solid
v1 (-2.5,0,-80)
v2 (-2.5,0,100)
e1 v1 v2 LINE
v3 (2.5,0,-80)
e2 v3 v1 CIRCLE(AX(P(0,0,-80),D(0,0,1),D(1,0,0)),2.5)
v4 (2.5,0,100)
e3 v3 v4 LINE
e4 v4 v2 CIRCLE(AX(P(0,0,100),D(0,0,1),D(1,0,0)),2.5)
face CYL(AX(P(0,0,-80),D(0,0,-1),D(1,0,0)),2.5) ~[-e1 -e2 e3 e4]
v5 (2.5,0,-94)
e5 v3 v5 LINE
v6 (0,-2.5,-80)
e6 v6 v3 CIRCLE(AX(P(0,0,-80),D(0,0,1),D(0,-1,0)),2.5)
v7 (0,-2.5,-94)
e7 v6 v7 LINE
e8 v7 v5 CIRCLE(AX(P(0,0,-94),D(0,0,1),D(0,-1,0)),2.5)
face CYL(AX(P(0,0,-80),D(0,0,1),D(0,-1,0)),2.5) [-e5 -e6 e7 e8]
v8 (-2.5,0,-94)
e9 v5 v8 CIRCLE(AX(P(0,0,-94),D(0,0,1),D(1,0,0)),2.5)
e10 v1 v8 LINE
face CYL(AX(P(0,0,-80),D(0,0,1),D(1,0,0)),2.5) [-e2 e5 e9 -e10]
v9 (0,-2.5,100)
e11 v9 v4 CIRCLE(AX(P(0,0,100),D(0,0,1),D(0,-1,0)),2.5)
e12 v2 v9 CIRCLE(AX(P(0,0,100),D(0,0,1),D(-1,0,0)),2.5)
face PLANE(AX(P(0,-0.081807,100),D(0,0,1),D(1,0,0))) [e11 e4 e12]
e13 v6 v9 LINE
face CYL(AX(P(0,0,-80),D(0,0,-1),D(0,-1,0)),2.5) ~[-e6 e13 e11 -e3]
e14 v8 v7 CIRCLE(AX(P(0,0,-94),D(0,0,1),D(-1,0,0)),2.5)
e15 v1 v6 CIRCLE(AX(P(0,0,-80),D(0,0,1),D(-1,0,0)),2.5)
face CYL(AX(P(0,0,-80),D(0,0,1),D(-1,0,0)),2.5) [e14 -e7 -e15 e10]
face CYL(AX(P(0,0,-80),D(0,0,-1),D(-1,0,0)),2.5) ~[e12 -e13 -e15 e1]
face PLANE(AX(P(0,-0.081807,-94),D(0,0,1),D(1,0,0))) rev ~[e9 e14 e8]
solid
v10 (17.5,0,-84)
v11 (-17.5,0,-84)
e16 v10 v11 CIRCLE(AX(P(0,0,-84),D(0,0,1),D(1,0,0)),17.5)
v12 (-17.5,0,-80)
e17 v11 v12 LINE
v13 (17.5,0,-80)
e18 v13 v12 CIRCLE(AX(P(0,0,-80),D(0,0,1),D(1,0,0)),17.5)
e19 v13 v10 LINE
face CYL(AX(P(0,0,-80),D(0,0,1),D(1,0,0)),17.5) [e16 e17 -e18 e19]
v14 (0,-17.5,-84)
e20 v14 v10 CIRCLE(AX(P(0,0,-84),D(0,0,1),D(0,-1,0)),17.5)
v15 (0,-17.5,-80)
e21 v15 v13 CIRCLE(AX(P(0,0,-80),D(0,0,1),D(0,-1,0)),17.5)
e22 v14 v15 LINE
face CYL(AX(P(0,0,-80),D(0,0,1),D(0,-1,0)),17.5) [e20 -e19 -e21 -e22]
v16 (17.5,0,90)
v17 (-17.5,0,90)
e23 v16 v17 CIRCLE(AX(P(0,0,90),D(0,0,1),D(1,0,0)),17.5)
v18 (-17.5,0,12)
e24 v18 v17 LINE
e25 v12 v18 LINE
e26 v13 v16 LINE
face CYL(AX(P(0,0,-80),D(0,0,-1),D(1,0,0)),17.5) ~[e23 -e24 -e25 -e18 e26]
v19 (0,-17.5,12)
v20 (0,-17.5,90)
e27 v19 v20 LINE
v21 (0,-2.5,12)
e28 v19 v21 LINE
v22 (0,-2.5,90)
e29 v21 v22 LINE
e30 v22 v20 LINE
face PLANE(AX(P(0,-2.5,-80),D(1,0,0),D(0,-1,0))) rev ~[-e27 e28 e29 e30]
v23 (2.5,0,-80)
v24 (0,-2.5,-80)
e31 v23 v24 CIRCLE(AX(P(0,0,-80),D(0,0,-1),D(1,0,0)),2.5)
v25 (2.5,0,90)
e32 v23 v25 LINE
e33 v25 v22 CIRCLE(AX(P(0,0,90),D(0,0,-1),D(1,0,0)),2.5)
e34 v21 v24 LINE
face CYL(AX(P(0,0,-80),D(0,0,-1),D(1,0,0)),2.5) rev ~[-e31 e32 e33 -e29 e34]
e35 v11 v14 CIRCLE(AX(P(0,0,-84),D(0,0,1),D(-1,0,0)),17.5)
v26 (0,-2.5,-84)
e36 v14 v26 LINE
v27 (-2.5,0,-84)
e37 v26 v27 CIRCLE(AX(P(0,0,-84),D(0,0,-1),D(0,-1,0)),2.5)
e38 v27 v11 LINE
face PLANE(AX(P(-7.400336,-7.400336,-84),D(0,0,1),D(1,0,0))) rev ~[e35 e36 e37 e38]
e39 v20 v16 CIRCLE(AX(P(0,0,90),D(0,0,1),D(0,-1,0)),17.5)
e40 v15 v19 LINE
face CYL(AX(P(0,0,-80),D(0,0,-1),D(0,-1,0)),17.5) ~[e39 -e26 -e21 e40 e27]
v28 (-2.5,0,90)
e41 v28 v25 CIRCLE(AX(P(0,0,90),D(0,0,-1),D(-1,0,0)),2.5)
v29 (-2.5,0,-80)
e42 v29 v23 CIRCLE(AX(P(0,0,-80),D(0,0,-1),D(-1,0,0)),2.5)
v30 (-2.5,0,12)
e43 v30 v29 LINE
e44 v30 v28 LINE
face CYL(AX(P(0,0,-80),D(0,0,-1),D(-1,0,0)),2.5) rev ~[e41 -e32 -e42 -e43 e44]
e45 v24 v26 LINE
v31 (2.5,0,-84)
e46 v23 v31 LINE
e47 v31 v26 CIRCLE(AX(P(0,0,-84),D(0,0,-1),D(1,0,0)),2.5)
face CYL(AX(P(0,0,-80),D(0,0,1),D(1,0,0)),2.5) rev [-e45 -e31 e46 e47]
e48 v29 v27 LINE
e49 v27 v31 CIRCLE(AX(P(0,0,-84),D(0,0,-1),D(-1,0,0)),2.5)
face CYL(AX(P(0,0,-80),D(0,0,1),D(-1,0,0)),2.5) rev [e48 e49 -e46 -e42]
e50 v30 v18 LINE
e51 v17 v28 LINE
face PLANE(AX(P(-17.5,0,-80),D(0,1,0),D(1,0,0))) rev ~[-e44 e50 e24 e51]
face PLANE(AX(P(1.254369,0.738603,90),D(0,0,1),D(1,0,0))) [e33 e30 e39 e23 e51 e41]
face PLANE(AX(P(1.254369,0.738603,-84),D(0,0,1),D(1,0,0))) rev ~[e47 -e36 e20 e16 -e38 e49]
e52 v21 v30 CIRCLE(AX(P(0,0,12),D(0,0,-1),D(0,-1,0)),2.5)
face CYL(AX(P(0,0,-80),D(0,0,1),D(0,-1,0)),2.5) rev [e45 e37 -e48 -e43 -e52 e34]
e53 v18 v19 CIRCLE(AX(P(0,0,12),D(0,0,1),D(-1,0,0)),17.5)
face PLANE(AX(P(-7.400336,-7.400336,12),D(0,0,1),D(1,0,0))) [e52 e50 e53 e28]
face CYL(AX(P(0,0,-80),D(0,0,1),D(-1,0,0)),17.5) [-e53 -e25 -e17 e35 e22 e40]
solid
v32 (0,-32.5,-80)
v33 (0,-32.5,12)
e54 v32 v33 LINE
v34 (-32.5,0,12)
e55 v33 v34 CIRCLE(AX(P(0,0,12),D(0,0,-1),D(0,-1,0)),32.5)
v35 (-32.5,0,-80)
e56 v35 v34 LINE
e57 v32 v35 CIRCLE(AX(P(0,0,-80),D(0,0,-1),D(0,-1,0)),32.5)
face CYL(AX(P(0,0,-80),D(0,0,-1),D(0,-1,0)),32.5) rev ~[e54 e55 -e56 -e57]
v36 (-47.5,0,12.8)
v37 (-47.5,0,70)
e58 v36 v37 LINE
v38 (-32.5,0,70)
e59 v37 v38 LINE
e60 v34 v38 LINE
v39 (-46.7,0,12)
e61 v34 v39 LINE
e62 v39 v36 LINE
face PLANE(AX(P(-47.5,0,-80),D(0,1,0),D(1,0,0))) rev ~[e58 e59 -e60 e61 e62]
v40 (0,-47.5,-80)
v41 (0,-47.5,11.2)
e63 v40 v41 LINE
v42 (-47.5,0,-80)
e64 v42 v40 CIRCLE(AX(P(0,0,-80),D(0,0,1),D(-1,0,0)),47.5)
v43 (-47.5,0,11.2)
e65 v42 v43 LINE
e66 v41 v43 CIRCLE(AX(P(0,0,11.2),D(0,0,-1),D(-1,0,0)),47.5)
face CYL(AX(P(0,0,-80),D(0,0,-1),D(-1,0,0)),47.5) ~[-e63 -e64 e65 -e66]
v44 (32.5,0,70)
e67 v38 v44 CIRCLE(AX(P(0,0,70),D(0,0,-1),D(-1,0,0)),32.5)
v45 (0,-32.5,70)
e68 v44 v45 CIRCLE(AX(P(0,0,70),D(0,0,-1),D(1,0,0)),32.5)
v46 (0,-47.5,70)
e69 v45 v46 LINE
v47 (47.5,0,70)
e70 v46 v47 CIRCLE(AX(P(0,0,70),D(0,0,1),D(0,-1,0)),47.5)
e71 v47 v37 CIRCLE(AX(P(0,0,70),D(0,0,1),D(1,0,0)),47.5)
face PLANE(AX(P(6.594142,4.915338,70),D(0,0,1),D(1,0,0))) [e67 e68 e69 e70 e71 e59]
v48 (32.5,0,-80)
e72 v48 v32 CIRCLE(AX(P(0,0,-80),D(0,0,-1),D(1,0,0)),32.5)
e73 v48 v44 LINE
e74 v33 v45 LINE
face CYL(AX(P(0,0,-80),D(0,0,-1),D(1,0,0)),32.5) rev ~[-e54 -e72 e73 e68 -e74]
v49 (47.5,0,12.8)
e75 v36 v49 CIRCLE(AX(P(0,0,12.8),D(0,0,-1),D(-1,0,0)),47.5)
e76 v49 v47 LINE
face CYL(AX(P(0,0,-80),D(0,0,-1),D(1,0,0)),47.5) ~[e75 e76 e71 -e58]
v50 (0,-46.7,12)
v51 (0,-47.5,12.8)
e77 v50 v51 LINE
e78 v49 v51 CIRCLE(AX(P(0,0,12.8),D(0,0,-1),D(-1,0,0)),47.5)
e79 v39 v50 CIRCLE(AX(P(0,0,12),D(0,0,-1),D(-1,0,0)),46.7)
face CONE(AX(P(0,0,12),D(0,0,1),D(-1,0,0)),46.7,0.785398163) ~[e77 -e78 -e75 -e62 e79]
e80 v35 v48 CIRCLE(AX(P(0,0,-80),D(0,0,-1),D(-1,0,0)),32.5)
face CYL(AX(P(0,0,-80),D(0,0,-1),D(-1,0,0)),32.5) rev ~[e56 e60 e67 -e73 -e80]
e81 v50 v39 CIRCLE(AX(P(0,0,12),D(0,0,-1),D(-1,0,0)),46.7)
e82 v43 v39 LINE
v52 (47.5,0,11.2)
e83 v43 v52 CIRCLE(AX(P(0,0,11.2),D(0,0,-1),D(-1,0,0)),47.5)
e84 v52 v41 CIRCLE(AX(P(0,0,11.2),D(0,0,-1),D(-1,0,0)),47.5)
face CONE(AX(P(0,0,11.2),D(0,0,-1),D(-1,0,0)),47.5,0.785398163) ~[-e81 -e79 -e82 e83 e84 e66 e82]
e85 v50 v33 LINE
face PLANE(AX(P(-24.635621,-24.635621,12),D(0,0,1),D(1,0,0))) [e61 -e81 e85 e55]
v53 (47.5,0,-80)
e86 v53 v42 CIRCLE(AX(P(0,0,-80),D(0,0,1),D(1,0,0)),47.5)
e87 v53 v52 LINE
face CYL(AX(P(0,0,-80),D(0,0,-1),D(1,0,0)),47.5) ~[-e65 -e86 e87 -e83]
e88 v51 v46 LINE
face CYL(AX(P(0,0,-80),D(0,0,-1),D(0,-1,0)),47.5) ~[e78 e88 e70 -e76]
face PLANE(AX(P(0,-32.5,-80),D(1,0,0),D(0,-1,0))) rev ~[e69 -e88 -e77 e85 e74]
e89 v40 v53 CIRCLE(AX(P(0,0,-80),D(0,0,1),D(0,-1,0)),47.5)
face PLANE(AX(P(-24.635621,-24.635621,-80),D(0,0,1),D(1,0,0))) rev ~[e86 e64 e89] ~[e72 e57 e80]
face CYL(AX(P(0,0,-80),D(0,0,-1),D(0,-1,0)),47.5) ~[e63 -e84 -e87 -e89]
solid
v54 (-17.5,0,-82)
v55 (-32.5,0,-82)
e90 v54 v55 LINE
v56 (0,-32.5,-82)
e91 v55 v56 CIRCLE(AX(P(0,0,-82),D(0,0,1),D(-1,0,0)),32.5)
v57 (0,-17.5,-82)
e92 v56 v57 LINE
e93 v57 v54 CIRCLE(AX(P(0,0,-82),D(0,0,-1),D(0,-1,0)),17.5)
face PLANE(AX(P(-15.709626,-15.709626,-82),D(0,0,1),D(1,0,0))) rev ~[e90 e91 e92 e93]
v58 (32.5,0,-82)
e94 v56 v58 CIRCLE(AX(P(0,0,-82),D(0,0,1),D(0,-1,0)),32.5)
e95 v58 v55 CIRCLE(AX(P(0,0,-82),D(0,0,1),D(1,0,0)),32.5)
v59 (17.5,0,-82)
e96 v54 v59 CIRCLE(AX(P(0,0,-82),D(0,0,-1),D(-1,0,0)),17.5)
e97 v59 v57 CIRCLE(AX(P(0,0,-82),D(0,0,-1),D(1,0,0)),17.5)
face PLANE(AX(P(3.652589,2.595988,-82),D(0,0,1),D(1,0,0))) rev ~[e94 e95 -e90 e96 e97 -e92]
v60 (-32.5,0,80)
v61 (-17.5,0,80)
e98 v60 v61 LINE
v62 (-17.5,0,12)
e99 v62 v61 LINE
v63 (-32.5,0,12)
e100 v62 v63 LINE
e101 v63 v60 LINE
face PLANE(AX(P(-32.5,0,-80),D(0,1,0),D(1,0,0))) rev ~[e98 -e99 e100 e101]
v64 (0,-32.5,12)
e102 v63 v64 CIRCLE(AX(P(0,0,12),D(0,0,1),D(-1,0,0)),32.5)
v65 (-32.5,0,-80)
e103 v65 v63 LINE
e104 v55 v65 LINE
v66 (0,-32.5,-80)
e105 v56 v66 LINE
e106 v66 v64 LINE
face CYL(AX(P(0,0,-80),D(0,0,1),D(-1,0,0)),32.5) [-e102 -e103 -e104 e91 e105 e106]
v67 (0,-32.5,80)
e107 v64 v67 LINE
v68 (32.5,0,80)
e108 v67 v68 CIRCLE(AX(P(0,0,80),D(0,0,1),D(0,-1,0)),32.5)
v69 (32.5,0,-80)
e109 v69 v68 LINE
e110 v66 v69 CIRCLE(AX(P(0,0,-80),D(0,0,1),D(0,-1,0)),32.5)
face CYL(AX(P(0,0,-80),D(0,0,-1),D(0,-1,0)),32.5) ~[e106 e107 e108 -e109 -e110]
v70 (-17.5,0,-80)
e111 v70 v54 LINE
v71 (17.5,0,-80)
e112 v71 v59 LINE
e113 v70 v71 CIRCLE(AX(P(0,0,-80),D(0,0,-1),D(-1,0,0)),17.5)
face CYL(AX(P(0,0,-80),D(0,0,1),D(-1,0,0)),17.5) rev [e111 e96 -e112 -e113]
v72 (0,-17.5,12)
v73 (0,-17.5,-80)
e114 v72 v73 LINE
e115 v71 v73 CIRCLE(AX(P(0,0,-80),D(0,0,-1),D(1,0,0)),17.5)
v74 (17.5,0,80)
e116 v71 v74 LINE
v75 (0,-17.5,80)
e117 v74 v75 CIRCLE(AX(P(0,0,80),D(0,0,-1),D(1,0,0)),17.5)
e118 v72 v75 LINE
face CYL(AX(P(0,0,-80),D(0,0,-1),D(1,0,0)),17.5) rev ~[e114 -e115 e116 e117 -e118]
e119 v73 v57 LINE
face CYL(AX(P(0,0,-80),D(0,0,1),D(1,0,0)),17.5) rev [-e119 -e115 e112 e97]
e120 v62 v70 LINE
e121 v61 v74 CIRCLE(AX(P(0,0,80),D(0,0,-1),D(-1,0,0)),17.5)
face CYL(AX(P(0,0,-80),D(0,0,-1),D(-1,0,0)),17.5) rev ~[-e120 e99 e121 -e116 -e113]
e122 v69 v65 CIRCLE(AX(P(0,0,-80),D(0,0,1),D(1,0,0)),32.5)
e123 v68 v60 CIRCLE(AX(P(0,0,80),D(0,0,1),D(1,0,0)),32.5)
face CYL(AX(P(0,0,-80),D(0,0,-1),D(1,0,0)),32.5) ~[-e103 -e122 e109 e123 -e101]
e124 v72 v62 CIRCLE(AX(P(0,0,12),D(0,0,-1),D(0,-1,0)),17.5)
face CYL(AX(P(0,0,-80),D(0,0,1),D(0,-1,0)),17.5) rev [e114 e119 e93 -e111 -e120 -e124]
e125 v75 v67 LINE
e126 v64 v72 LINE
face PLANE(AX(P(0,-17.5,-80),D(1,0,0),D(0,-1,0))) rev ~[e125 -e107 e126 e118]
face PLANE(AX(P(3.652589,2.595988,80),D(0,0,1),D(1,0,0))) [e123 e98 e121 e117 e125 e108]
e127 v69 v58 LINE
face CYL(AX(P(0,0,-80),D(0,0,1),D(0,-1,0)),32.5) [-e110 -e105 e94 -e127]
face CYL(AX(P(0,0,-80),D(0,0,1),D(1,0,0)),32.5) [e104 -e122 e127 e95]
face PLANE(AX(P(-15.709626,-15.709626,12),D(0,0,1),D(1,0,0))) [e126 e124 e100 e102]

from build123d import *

# Parameters (mm, degrees)
F7_DEPTH       = 150
F8_DEPTH       = 92
F9_DEPTH       = 92
F9_DEPTH_BACK  = 2
F10_DEPTH      = 160
F10_DEPTH_BACK = 2
F11_DEPTH      = 92
F11_DEPTH_BACK = 4
F12_DEPTH      = 170
F12_DEPTH_BACK = 4
F13_DEPTH      = 180
F13_DEPTH_BACK = 14


with BuildPart() as f7:
    # F1 (on offset) → F7 (new body, through all)
    with BuildSketch(Plane.XY.offset(-80)):
        with BuildLine():
            ThreePointArc((0, -47.5), (33.5875721064, -33.5875721064), (47.5, 0))
            ThreePointArc((47.5, 0), (0, 47.5), (-47.5, 0))
            Line((-47.5, 0), (-32.5, 0))
            ThreePointArc((-32.5, 0), (0, 32.5), (32.5, 0))
            ThreePointArc((32.5, 0), (22.9809703886, -22.9809703886), (0, -32.5))
            Line((0, -32.5), (0, -47.5))
        make_face()
    extrude(amount=F7_DEPTH)

    # F1 (on offset) → F8 (join, through all)
    with BuildSketch(Plane.XY.offset(-80)):
        with BuildLine():
            Line((-32.5, 0), (-47.5, 0))
            ThreePointArc((-47.5, 0), (-33.5875721064, -33.5875721064), (0, -47.5))
            Line((0, -47.5), (0, -32.5))
            ThreePointArc((0, -32.5), (-22.9809703886, -22.9809703886), (-32.5, 0))
        make_face()
    extrude(amount=F8_DEPTH)

    # F14 (on face) → F15 (revolve, cut)
    with BuildSketch(Plane.XZ):
        Polygon((-46.7, 12), (-47.5, 12.8), (-47.5, 12), (-47.5, 11.2), align=None)
    revolve(axis=Axis((0, 0, -80), (0, 0, -1)), mode=Mode.SUBTRACT)


with BuildPart() as f9:
    # F1 (on offset) → F9 (new body, two sides)
    with BuildSketch(Plane.XY.offset(-80)) as f9_sk:
        with BuildLine():
            Line((-17.5, 0), (-32.5, 0))
            ThreePointArc((-32.5, 0), (-22.9809703886, -22.9809703886), (0, -32.5))
            Line((0, -32.5), (0, -17.5))
            ThreePointArc((0, -17.5), (-12.3743686708, -12.3743686708), (-17.5, 0))
        make_face()
    extrude(amount=F9_DEPTH)
    extrude(f9_sk.sketch, amount=-F9_DEPTH_BACK)

    # F1 (on offset) → F10 (join, two sides)
    with BuildSketch(Plane.XY.offset(-80)) as f10_sk:
        with BuildLine():
            ThreePointArc((32.5, 0), (0, 32.5), (-32.5, 0))
            Line((-32.5, 0), (-17.5, 0))
            ThreePointArc((-17.5, 0), (0, 17.5), (17.5, 0))
            ThreePointArc((17.5, 0), (12.3743686708, -12.3743686708), (0, -17.5))
            Line((0, -17.5), (0, -32.5))
            ThreePointArc((0, -32.5), (22.9809703886, -22.9809703886), (32.5, 0))
        make_face()
    extrude(amount=F10_DEPTH)
    extrude(f10_sk.sketch, amount=-F10_DEPTH_BACK)


with BuildPart() as f11:
    # F1 (on offset) → F11 (new body, two sides)
    with BuildSketch(Plane.XY.offset(-80)) as f11_sk:
        with BuildLine():
            Line((-2.5, 0), (-17.5, 0))
            ThreePointArc((-17.5, 0), (-12.3743686708, -12.3743686708), (0, -17.5))
            Line((0, -17.5), (0, -2.5))
            ThreePointArc((0, -2.5), (-1.767766953, -1.767766953), (-2.5, 0))
        make_face()
    extrude(amount=F11_DEPTH)
    extrude(f11_sk.sketch, amount=-F11_DEPTH_BACK)

    # F1 (on offset) → F12 (join, two sides)
    with BuildSketch(Plane.XY.offset(-80)) as f12_sk:
        with BuildLine():
            ThreePointArc((17.5, 0), (0, 17.5), (-17.5, 0))
            Line((-17.5, 0), (-2.5, 0))
            ThreePointArc((-2.5, 0), (0, 2.5), (2.5, 0))
            ThreePointArc((2.5, 0), (1.767766953, -1.767766953), (0, -2.5))
            Line((0, -2.5), (0, -17.5))
            ThreePointArc((0, -17.5), (12.3743686708, -12.3743686708), (17.5, 0))
        make_face()
    extrude(amount=F12_DEPTH)
    extrude(f12_sk.sketch, amount=-F12_DEPTH_BACK)


with BuildPart() as f13:
    # F1 (on offset) → F13 (new body, two sides)
    with BuildSketch(Plane.XY.offset(-80)) as f13_sk:
        with BuildLine():
            ThreePointArc((2.5, 0), (0, 2.5), (-2.5, 0))
            ThreePointArc((-2.5, 0), (-1.767766953, -1.767766953), (0, -2.5))
            ThreePointArc((0, -2.5), (1.767766953, -1.767766953), (2.5, 0))
        make_face()
    extrude(amount=F13_DEPTH)
    extrude(f13_sk.sketch, amount=-F13_DEPTH_BACK)


solid = Compound([f7.part, f9.part, f11.part, f13.part])
